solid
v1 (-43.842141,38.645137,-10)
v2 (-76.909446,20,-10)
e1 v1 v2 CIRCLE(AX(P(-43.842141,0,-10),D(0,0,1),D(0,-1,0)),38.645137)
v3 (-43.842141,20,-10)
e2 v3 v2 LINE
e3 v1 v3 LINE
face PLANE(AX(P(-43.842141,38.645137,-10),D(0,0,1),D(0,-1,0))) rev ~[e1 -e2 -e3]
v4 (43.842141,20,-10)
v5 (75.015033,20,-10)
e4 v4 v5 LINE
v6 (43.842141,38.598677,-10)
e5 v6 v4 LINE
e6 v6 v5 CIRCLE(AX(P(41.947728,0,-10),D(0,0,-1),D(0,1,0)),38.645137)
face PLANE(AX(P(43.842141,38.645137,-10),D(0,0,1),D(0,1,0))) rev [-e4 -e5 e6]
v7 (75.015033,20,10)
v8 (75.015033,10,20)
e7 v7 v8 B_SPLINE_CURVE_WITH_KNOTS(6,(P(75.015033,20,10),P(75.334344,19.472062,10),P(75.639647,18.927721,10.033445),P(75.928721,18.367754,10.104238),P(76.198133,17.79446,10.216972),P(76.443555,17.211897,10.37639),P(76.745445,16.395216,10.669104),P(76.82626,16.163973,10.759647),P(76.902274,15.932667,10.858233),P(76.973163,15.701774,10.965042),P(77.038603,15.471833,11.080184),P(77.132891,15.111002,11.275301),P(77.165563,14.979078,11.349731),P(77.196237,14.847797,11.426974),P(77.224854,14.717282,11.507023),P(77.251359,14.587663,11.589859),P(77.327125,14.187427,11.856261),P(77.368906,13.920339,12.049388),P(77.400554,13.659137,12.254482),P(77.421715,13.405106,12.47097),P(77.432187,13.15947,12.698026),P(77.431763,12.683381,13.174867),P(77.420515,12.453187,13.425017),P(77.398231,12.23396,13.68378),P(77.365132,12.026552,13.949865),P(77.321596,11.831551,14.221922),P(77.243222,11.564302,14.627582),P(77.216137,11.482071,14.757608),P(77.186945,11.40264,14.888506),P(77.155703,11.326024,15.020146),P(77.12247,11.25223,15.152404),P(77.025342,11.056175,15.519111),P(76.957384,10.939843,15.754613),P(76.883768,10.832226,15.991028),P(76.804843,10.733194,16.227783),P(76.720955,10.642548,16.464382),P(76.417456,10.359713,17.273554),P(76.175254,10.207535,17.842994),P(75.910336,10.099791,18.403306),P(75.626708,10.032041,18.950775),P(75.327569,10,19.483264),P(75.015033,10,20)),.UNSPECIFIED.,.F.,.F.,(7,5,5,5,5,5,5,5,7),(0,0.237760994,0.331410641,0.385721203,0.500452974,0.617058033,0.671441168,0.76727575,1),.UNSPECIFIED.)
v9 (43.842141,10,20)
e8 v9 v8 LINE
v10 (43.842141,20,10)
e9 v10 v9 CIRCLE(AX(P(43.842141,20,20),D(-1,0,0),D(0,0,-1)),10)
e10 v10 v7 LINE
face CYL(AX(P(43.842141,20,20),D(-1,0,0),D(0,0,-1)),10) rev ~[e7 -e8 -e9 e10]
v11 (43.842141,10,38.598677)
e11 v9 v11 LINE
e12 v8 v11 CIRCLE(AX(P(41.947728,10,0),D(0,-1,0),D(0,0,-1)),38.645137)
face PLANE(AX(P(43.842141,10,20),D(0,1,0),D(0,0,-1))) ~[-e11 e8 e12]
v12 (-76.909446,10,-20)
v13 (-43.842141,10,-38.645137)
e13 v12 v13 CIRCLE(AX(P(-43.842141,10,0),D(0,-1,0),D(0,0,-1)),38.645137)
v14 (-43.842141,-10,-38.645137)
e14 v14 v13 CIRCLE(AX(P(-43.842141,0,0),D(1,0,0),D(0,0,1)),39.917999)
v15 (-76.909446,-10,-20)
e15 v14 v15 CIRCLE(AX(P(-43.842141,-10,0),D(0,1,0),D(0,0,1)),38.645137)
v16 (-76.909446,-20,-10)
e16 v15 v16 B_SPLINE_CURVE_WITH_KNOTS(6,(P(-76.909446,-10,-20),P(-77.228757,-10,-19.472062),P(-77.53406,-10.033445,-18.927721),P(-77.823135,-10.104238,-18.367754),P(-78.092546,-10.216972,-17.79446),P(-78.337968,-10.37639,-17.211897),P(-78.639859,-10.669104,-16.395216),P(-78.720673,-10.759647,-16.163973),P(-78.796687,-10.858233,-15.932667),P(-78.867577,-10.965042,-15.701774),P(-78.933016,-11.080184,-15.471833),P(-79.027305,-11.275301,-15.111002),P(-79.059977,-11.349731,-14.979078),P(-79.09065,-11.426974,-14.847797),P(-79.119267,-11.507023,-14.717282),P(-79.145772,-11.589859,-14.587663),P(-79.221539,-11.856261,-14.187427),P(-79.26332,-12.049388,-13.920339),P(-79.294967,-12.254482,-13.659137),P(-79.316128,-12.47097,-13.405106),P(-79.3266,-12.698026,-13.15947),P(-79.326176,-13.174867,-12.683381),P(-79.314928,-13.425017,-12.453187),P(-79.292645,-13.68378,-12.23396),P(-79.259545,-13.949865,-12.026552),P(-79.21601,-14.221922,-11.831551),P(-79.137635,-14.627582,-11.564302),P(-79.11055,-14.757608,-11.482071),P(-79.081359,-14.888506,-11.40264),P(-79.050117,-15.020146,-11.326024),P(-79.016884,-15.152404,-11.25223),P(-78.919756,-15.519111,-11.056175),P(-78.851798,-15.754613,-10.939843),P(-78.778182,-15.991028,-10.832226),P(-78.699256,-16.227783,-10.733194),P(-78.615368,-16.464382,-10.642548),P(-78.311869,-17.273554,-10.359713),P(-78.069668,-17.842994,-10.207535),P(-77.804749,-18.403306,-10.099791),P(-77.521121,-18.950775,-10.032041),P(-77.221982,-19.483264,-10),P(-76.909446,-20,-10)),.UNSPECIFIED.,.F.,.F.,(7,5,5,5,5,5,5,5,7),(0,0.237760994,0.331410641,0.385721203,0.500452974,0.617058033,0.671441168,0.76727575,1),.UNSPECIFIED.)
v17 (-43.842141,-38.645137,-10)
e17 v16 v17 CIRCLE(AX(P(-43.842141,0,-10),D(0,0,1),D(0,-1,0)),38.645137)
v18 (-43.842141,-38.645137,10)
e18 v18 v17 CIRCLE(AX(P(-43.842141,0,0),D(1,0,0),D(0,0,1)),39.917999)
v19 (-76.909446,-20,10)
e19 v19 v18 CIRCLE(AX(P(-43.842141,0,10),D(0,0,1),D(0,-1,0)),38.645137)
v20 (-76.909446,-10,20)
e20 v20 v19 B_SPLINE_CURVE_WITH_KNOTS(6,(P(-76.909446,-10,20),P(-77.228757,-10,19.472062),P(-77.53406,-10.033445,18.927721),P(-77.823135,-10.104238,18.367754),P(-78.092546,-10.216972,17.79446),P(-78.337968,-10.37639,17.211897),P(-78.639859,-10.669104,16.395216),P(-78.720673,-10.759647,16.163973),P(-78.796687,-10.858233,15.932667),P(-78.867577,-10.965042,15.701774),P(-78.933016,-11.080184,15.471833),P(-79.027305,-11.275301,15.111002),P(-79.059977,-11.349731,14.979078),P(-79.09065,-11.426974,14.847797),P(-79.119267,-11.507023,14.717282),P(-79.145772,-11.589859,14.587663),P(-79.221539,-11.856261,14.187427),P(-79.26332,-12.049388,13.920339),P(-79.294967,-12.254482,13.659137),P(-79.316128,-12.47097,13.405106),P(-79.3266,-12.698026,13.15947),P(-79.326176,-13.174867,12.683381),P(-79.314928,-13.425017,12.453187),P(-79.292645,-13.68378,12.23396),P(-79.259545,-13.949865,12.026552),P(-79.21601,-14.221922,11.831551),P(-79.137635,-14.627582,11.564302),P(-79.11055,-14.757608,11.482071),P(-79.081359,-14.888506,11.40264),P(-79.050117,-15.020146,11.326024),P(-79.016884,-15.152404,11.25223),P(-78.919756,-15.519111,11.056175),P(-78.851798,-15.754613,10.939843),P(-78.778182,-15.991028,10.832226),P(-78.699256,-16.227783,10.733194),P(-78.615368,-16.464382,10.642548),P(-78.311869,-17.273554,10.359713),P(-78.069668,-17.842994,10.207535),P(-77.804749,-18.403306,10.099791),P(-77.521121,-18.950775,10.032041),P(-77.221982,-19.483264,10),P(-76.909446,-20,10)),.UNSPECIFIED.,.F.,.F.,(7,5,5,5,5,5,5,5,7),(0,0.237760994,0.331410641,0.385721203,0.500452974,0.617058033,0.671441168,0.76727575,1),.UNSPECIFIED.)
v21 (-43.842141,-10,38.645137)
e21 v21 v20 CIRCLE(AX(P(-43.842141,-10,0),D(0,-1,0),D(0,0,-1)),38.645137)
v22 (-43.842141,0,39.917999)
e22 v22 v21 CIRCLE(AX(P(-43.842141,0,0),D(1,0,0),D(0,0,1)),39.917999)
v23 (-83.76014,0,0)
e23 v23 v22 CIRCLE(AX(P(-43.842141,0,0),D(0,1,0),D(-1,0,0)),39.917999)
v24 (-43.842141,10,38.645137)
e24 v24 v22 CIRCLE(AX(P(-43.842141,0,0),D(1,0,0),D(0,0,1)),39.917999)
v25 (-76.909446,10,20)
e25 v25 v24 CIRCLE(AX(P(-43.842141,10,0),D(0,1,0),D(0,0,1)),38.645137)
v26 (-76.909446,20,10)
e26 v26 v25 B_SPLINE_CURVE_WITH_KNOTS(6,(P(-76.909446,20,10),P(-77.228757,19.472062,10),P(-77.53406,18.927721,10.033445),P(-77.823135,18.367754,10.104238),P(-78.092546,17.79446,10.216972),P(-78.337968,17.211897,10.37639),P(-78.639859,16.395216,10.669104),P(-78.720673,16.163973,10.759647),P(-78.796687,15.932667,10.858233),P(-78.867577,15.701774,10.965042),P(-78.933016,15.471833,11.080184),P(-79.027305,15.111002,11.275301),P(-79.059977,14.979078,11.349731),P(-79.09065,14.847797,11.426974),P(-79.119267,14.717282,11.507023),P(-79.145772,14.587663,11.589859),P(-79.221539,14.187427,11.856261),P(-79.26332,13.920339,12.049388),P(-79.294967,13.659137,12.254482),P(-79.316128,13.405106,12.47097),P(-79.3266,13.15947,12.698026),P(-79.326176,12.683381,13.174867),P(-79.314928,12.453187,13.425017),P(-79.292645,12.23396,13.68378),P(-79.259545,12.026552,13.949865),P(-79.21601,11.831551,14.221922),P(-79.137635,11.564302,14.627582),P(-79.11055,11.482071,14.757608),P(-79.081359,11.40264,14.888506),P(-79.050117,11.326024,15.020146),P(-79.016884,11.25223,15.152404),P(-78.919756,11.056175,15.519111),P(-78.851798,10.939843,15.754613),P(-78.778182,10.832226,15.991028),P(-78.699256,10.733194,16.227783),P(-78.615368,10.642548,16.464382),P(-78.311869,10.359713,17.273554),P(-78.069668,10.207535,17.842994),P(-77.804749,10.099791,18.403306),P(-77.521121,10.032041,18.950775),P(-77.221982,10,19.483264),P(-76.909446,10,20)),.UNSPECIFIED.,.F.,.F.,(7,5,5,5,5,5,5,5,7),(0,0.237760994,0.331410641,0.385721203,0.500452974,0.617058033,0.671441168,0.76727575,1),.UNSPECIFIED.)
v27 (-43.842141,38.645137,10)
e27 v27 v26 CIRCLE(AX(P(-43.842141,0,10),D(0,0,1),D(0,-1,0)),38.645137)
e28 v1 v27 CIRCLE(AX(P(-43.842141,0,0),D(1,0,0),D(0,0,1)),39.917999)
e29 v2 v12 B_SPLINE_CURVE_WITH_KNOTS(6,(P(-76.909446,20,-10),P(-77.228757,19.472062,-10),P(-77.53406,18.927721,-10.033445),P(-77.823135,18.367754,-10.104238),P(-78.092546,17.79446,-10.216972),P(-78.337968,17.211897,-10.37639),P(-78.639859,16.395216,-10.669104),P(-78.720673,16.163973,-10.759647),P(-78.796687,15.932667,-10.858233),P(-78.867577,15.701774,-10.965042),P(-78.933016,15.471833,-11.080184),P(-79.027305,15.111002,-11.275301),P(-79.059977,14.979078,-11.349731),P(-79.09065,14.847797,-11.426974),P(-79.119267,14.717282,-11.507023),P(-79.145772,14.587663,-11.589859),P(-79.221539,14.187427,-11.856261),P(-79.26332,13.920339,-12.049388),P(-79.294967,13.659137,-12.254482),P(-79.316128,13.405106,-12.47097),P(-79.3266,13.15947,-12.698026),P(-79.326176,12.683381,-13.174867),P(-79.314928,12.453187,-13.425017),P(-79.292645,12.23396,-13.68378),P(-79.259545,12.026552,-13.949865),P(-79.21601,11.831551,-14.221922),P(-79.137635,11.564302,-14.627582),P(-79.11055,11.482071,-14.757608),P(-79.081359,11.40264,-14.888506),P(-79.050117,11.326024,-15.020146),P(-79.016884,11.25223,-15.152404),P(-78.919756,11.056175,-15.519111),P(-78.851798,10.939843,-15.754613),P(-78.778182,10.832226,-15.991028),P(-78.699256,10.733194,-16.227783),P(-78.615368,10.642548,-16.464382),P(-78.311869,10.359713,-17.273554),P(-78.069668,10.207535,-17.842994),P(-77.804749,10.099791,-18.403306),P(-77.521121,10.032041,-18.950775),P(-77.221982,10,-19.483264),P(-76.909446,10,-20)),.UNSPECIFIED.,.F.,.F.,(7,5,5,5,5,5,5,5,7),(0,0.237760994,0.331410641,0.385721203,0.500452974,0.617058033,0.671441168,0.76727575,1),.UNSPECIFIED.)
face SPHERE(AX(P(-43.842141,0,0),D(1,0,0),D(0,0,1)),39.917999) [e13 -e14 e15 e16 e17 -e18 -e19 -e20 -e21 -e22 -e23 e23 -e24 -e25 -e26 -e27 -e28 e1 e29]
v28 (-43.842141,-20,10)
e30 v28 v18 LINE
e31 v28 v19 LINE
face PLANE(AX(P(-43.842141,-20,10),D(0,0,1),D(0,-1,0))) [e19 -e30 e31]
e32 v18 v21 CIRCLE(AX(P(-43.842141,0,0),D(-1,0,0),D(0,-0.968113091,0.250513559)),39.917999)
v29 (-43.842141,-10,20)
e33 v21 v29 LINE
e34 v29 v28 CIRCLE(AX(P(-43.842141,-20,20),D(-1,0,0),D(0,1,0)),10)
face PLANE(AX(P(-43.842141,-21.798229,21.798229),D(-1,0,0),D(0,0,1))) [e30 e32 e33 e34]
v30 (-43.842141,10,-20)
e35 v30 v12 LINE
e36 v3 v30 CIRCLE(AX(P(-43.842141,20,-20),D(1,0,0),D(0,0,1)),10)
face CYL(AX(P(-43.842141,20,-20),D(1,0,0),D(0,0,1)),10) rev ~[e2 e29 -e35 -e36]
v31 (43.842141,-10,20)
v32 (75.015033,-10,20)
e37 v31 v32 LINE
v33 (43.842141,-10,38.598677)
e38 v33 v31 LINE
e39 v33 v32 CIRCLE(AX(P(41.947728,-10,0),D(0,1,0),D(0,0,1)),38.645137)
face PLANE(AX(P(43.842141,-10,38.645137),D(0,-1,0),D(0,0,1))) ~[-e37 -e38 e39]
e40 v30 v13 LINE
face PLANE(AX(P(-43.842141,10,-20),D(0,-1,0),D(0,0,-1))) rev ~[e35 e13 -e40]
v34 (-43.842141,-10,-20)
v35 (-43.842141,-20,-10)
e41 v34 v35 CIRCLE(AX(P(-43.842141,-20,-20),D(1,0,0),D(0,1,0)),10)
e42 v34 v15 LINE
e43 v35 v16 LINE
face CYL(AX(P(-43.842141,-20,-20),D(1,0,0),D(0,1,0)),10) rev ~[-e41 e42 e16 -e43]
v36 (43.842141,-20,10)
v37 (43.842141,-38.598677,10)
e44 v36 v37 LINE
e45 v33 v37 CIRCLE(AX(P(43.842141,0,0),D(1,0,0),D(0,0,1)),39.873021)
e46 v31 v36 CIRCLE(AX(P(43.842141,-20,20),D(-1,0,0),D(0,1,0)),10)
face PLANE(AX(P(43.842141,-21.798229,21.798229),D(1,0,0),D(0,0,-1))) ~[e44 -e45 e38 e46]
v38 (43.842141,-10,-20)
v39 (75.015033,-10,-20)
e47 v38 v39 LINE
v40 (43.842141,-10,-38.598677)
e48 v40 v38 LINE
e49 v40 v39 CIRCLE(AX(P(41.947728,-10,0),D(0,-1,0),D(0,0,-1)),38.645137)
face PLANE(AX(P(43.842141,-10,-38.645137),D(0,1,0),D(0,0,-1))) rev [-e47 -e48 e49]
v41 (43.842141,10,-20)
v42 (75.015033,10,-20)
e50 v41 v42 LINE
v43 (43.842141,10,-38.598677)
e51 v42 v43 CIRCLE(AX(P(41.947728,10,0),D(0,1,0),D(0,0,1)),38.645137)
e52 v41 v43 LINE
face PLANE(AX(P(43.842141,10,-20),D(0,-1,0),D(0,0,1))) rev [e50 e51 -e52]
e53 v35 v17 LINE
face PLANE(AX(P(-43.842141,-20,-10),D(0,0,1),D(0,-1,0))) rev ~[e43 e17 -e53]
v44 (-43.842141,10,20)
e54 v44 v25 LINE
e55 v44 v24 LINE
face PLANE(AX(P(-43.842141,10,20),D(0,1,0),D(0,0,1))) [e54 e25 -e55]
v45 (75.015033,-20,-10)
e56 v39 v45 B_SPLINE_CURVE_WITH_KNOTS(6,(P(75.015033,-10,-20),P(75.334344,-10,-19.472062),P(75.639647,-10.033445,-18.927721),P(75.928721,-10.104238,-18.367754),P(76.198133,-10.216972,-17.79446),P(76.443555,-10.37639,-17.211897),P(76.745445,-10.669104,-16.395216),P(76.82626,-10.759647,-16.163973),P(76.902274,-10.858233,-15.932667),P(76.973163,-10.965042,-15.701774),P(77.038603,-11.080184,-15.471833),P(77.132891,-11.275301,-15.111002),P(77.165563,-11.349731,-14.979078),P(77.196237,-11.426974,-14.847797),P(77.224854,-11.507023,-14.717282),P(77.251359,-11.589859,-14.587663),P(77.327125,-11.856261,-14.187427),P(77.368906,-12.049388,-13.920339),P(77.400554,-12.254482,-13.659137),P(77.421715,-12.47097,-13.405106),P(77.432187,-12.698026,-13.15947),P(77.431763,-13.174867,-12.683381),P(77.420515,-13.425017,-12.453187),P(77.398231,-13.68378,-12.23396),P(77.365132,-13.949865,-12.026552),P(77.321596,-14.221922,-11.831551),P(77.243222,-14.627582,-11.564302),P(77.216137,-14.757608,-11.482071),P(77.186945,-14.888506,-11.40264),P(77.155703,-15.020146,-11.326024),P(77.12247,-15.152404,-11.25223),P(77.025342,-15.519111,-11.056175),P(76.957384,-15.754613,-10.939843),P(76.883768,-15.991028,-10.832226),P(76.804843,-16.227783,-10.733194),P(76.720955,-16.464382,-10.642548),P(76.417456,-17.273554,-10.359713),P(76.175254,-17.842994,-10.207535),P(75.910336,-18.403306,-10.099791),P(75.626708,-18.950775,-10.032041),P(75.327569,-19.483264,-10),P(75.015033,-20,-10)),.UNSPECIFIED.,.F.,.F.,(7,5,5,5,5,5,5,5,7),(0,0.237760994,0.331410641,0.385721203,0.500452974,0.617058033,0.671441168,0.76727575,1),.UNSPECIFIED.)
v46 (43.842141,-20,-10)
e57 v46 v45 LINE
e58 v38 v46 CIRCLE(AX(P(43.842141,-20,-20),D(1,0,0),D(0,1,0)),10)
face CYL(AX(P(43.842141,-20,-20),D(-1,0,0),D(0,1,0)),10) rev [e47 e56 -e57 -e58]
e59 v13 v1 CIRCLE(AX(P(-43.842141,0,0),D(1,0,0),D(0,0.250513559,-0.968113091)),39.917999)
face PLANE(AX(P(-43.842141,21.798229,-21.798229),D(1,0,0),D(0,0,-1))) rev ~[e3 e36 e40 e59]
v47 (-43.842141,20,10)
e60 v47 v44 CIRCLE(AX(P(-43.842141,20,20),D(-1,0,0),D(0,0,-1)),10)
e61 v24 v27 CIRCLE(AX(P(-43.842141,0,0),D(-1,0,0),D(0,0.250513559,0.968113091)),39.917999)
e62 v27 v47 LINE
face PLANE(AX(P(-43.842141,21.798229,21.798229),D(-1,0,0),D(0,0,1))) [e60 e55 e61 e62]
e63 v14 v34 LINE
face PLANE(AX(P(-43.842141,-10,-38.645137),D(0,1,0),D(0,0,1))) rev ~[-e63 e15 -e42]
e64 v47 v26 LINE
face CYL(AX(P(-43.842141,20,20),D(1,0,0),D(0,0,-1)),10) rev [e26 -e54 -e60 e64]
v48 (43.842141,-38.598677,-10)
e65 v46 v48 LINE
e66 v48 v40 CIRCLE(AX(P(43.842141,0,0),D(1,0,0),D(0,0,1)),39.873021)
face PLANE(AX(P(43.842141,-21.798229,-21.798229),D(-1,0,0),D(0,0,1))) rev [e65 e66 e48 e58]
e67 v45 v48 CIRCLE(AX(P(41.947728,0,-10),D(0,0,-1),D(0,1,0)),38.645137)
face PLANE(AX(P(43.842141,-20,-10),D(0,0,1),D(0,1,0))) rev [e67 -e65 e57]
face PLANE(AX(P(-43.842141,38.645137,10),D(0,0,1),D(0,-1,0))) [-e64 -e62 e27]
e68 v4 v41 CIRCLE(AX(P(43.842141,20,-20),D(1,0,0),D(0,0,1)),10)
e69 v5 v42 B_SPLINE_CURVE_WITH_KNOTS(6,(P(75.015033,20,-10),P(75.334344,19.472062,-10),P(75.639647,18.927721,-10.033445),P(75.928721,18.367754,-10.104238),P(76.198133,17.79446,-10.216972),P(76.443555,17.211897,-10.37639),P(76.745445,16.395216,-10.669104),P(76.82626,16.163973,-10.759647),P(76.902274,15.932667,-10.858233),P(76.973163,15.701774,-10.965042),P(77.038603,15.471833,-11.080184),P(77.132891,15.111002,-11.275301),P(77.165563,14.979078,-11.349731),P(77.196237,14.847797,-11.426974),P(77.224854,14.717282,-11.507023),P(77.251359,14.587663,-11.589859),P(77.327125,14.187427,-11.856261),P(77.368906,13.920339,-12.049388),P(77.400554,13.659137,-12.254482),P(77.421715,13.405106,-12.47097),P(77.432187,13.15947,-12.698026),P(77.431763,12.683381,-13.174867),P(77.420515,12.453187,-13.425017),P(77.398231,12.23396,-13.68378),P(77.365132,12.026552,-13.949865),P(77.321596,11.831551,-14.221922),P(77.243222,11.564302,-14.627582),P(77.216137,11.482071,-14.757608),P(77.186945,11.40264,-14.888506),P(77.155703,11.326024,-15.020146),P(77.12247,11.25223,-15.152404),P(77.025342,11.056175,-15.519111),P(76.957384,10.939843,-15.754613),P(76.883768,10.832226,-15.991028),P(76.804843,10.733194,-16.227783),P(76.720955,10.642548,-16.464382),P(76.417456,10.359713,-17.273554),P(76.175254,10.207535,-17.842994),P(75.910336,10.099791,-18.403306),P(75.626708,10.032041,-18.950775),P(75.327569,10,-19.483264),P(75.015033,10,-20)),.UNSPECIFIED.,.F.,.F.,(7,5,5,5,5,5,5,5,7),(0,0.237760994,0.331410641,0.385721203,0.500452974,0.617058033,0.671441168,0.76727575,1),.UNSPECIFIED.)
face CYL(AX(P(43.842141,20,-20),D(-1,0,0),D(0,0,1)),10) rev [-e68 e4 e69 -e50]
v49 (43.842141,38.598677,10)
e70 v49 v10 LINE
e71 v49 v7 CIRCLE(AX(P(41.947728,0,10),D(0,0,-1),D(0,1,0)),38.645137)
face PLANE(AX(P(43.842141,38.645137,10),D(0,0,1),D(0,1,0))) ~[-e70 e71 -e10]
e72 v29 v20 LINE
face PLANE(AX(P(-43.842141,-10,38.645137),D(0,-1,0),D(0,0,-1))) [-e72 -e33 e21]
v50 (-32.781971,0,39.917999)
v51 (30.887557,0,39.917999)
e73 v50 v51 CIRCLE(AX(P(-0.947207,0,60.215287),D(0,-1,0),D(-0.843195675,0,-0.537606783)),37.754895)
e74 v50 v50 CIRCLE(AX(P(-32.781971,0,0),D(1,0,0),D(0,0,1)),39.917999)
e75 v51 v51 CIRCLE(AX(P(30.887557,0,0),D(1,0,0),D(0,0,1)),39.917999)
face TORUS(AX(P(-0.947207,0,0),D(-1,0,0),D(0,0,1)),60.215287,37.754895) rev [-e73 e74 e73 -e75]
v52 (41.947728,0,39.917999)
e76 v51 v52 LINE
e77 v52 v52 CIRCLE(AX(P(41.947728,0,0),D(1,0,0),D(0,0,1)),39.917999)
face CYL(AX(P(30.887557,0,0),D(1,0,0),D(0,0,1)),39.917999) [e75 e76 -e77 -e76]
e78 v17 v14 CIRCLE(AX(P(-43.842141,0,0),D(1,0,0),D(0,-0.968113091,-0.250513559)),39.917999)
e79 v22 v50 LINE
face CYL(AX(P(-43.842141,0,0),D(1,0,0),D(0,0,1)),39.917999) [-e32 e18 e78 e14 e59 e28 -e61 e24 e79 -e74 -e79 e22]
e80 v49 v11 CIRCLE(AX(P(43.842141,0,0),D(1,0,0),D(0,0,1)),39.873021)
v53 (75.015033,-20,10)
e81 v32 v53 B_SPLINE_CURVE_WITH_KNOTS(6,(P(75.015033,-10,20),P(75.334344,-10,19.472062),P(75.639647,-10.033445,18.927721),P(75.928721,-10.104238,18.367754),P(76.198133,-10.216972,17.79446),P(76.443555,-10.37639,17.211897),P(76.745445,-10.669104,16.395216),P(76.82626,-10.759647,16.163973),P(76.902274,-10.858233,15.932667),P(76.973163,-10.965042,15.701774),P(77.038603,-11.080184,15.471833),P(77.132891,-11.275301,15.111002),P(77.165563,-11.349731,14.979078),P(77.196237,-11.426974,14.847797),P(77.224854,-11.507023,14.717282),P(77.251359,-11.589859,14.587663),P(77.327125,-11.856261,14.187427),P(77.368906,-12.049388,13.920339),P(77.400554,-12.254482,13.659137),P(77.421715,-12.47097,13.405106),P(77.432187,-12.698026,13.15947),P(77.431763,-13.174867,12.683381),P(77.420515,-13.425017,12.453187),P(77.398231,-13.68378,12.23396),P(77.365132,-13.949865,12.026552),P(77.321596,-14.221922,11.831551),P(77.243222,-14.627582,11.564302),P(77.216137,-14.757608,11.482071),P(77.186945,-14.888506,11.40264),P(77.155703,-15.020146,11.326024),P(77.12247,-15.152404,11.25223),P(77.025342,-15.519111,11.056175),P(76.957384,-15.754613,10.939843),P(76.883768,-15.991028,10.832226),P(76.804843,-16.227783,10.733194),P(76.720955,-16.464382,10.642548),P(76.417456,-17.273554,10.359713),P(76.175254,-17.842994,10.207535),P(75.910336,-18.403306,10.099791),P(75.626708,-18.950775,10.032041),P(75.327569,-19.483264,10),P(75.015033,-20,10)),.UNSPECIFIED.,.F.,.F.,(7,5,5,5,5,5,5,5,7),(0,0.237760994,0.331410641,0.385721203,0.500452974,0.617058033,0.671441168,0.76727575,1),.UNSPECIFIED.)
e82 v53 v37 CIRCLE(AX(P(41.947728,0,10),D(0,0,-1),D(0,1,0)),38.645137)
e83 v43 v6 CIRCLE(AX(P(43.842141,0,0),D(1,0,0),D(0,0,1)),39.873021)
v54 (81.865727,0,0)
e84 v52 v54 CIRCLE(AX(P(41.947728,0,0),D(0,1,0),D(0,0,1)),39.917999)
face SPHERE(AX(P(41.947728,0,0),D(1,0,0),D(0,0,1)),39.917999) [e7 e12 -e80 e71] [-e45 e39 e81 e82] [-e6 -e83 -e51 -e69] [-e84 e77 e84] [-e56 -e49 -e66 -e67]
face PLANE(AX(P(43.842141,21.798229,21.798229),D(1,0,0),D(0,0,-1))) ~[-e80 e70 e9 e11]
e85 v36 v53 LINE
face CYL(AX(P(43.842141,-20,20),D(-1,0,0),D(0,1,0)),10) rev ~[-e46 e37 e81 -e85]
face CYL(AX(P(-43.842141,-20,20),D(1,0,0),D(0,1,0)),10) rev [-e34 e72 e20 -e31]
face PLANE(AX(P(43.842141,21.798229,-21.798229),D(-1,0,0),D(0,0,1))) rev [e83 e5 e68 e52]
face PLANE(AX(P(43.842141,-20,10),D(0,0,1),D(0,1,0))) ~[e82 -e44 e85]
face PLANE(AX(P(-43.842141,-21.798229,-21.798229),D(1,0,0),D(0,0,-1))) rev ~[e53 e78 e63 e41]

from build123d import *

# Parameters (mm, degrees)
CUT_EXTRUDE1_DEPTH = 110


with BuildPart() as part:
    # Sketch1 → Revolve1 (revolve)
    with BuildSketch(Plane(origin=(0, 0, 0), x_dir=(1, 0, 0), z_dir=(0, 1, 0)), mode=Mode.PRIVATE) as revolve1_sk:
        with BuildLine():
            Line((-43.842141265, 39.917998991), (-32.781970874, 39.917998991))
            ThreePointArc((-32.781970874, 39.917998991), (-0.947206756, 22.460391682), (30.887557363, 39.917998991))
            Line((30.887557363, 39.917998991), (41.947727754, 39.917998991))
            ThreePointArc((41.947727754, 39.917998991), (70.174015532, 28.226287778), (81.865726745, 0))
            Line((81.865726745, 0), (-83.760140257, 0))
            ThreePointArc((-83.760140257, 0), (-72.068429044, 28.226287778), (-43.842141265, 39.917998991))
        make_face()
    revolve(revolve1_sk.sketch.rotate(Axis((-43.842141265, 0, 0), (1, 0, 0)), 180), axis=Axis((-43.842141265, 0, 0), (1, 0, 0)))

    # Sketch2 → Cut-Extrude1 (cut)
    with BuildSketch(Plane(origin=(-43.842141265, 0, 0), x_dir=(0, 0, -1), z_dir=(1, 0, 0))):
        with BuildLine():
            Line((-10, 38.645137385), (-10, 20))
            ThreePointArc((-10, 20), (-12.928932188, 12.928932188), (-20, 10))
            Line((-20, 10), (-38.645137385, 10))
            ThreePointArc((-38.645137385, 10), (-28.226287778, 28.226287778), (-10, 38.645137385))
        make_face()
        with BuildLine():
            Line((10, 38.645137385), (10, 20))
            ThreePointArc((10, 20), (12.928932188, 12.928932188), (20, 10))
            Line((20, 10), (38.645137385, 10))
            ThreePointArc((38.645137385, 10), (28.226287778, 28.226287778), (10, 38.645137385))
        make_face()
        with BuildLine():
            Line((-38.645137385, -10), (-20, -10))
            ThreePointArc((-20, -10), (-12.928932188, -12.928932188), (-10, -20))
            Line((-10, -20), (-10, -38.645137385))
            ThreePointArc((-10, -38.645137385), (-28.226287778, -28.226287778), (-38.645137385, -10))
        make_face()
        with BuildLine():
            Line((10, -20), (10, -38.645137385))
            ThreePointArc((10, -38.645137385), (28.226287778, -28.226287778), (38.645137385, -10))
            Line((38.645137385, -10), (20, -10))
            ThreePointArc((20, -10), (12.928932188, -12.928932188), (10, -20))
        make_face()
    cut_extrude1 = extrude(amount=-CUT_EXTRUDE1_DEPTH, mode=Mode.SUBTRACT)

    # Mirror1: Cut-Extrude1 across plane
    add(cut_extrude1.mirror(Plane(origin=(0, 0, 0), x_dir=(0, 0, 1), z_dir=(1, 0, 0))), mode=Mode.SUBTRACT)


solid = part.part
